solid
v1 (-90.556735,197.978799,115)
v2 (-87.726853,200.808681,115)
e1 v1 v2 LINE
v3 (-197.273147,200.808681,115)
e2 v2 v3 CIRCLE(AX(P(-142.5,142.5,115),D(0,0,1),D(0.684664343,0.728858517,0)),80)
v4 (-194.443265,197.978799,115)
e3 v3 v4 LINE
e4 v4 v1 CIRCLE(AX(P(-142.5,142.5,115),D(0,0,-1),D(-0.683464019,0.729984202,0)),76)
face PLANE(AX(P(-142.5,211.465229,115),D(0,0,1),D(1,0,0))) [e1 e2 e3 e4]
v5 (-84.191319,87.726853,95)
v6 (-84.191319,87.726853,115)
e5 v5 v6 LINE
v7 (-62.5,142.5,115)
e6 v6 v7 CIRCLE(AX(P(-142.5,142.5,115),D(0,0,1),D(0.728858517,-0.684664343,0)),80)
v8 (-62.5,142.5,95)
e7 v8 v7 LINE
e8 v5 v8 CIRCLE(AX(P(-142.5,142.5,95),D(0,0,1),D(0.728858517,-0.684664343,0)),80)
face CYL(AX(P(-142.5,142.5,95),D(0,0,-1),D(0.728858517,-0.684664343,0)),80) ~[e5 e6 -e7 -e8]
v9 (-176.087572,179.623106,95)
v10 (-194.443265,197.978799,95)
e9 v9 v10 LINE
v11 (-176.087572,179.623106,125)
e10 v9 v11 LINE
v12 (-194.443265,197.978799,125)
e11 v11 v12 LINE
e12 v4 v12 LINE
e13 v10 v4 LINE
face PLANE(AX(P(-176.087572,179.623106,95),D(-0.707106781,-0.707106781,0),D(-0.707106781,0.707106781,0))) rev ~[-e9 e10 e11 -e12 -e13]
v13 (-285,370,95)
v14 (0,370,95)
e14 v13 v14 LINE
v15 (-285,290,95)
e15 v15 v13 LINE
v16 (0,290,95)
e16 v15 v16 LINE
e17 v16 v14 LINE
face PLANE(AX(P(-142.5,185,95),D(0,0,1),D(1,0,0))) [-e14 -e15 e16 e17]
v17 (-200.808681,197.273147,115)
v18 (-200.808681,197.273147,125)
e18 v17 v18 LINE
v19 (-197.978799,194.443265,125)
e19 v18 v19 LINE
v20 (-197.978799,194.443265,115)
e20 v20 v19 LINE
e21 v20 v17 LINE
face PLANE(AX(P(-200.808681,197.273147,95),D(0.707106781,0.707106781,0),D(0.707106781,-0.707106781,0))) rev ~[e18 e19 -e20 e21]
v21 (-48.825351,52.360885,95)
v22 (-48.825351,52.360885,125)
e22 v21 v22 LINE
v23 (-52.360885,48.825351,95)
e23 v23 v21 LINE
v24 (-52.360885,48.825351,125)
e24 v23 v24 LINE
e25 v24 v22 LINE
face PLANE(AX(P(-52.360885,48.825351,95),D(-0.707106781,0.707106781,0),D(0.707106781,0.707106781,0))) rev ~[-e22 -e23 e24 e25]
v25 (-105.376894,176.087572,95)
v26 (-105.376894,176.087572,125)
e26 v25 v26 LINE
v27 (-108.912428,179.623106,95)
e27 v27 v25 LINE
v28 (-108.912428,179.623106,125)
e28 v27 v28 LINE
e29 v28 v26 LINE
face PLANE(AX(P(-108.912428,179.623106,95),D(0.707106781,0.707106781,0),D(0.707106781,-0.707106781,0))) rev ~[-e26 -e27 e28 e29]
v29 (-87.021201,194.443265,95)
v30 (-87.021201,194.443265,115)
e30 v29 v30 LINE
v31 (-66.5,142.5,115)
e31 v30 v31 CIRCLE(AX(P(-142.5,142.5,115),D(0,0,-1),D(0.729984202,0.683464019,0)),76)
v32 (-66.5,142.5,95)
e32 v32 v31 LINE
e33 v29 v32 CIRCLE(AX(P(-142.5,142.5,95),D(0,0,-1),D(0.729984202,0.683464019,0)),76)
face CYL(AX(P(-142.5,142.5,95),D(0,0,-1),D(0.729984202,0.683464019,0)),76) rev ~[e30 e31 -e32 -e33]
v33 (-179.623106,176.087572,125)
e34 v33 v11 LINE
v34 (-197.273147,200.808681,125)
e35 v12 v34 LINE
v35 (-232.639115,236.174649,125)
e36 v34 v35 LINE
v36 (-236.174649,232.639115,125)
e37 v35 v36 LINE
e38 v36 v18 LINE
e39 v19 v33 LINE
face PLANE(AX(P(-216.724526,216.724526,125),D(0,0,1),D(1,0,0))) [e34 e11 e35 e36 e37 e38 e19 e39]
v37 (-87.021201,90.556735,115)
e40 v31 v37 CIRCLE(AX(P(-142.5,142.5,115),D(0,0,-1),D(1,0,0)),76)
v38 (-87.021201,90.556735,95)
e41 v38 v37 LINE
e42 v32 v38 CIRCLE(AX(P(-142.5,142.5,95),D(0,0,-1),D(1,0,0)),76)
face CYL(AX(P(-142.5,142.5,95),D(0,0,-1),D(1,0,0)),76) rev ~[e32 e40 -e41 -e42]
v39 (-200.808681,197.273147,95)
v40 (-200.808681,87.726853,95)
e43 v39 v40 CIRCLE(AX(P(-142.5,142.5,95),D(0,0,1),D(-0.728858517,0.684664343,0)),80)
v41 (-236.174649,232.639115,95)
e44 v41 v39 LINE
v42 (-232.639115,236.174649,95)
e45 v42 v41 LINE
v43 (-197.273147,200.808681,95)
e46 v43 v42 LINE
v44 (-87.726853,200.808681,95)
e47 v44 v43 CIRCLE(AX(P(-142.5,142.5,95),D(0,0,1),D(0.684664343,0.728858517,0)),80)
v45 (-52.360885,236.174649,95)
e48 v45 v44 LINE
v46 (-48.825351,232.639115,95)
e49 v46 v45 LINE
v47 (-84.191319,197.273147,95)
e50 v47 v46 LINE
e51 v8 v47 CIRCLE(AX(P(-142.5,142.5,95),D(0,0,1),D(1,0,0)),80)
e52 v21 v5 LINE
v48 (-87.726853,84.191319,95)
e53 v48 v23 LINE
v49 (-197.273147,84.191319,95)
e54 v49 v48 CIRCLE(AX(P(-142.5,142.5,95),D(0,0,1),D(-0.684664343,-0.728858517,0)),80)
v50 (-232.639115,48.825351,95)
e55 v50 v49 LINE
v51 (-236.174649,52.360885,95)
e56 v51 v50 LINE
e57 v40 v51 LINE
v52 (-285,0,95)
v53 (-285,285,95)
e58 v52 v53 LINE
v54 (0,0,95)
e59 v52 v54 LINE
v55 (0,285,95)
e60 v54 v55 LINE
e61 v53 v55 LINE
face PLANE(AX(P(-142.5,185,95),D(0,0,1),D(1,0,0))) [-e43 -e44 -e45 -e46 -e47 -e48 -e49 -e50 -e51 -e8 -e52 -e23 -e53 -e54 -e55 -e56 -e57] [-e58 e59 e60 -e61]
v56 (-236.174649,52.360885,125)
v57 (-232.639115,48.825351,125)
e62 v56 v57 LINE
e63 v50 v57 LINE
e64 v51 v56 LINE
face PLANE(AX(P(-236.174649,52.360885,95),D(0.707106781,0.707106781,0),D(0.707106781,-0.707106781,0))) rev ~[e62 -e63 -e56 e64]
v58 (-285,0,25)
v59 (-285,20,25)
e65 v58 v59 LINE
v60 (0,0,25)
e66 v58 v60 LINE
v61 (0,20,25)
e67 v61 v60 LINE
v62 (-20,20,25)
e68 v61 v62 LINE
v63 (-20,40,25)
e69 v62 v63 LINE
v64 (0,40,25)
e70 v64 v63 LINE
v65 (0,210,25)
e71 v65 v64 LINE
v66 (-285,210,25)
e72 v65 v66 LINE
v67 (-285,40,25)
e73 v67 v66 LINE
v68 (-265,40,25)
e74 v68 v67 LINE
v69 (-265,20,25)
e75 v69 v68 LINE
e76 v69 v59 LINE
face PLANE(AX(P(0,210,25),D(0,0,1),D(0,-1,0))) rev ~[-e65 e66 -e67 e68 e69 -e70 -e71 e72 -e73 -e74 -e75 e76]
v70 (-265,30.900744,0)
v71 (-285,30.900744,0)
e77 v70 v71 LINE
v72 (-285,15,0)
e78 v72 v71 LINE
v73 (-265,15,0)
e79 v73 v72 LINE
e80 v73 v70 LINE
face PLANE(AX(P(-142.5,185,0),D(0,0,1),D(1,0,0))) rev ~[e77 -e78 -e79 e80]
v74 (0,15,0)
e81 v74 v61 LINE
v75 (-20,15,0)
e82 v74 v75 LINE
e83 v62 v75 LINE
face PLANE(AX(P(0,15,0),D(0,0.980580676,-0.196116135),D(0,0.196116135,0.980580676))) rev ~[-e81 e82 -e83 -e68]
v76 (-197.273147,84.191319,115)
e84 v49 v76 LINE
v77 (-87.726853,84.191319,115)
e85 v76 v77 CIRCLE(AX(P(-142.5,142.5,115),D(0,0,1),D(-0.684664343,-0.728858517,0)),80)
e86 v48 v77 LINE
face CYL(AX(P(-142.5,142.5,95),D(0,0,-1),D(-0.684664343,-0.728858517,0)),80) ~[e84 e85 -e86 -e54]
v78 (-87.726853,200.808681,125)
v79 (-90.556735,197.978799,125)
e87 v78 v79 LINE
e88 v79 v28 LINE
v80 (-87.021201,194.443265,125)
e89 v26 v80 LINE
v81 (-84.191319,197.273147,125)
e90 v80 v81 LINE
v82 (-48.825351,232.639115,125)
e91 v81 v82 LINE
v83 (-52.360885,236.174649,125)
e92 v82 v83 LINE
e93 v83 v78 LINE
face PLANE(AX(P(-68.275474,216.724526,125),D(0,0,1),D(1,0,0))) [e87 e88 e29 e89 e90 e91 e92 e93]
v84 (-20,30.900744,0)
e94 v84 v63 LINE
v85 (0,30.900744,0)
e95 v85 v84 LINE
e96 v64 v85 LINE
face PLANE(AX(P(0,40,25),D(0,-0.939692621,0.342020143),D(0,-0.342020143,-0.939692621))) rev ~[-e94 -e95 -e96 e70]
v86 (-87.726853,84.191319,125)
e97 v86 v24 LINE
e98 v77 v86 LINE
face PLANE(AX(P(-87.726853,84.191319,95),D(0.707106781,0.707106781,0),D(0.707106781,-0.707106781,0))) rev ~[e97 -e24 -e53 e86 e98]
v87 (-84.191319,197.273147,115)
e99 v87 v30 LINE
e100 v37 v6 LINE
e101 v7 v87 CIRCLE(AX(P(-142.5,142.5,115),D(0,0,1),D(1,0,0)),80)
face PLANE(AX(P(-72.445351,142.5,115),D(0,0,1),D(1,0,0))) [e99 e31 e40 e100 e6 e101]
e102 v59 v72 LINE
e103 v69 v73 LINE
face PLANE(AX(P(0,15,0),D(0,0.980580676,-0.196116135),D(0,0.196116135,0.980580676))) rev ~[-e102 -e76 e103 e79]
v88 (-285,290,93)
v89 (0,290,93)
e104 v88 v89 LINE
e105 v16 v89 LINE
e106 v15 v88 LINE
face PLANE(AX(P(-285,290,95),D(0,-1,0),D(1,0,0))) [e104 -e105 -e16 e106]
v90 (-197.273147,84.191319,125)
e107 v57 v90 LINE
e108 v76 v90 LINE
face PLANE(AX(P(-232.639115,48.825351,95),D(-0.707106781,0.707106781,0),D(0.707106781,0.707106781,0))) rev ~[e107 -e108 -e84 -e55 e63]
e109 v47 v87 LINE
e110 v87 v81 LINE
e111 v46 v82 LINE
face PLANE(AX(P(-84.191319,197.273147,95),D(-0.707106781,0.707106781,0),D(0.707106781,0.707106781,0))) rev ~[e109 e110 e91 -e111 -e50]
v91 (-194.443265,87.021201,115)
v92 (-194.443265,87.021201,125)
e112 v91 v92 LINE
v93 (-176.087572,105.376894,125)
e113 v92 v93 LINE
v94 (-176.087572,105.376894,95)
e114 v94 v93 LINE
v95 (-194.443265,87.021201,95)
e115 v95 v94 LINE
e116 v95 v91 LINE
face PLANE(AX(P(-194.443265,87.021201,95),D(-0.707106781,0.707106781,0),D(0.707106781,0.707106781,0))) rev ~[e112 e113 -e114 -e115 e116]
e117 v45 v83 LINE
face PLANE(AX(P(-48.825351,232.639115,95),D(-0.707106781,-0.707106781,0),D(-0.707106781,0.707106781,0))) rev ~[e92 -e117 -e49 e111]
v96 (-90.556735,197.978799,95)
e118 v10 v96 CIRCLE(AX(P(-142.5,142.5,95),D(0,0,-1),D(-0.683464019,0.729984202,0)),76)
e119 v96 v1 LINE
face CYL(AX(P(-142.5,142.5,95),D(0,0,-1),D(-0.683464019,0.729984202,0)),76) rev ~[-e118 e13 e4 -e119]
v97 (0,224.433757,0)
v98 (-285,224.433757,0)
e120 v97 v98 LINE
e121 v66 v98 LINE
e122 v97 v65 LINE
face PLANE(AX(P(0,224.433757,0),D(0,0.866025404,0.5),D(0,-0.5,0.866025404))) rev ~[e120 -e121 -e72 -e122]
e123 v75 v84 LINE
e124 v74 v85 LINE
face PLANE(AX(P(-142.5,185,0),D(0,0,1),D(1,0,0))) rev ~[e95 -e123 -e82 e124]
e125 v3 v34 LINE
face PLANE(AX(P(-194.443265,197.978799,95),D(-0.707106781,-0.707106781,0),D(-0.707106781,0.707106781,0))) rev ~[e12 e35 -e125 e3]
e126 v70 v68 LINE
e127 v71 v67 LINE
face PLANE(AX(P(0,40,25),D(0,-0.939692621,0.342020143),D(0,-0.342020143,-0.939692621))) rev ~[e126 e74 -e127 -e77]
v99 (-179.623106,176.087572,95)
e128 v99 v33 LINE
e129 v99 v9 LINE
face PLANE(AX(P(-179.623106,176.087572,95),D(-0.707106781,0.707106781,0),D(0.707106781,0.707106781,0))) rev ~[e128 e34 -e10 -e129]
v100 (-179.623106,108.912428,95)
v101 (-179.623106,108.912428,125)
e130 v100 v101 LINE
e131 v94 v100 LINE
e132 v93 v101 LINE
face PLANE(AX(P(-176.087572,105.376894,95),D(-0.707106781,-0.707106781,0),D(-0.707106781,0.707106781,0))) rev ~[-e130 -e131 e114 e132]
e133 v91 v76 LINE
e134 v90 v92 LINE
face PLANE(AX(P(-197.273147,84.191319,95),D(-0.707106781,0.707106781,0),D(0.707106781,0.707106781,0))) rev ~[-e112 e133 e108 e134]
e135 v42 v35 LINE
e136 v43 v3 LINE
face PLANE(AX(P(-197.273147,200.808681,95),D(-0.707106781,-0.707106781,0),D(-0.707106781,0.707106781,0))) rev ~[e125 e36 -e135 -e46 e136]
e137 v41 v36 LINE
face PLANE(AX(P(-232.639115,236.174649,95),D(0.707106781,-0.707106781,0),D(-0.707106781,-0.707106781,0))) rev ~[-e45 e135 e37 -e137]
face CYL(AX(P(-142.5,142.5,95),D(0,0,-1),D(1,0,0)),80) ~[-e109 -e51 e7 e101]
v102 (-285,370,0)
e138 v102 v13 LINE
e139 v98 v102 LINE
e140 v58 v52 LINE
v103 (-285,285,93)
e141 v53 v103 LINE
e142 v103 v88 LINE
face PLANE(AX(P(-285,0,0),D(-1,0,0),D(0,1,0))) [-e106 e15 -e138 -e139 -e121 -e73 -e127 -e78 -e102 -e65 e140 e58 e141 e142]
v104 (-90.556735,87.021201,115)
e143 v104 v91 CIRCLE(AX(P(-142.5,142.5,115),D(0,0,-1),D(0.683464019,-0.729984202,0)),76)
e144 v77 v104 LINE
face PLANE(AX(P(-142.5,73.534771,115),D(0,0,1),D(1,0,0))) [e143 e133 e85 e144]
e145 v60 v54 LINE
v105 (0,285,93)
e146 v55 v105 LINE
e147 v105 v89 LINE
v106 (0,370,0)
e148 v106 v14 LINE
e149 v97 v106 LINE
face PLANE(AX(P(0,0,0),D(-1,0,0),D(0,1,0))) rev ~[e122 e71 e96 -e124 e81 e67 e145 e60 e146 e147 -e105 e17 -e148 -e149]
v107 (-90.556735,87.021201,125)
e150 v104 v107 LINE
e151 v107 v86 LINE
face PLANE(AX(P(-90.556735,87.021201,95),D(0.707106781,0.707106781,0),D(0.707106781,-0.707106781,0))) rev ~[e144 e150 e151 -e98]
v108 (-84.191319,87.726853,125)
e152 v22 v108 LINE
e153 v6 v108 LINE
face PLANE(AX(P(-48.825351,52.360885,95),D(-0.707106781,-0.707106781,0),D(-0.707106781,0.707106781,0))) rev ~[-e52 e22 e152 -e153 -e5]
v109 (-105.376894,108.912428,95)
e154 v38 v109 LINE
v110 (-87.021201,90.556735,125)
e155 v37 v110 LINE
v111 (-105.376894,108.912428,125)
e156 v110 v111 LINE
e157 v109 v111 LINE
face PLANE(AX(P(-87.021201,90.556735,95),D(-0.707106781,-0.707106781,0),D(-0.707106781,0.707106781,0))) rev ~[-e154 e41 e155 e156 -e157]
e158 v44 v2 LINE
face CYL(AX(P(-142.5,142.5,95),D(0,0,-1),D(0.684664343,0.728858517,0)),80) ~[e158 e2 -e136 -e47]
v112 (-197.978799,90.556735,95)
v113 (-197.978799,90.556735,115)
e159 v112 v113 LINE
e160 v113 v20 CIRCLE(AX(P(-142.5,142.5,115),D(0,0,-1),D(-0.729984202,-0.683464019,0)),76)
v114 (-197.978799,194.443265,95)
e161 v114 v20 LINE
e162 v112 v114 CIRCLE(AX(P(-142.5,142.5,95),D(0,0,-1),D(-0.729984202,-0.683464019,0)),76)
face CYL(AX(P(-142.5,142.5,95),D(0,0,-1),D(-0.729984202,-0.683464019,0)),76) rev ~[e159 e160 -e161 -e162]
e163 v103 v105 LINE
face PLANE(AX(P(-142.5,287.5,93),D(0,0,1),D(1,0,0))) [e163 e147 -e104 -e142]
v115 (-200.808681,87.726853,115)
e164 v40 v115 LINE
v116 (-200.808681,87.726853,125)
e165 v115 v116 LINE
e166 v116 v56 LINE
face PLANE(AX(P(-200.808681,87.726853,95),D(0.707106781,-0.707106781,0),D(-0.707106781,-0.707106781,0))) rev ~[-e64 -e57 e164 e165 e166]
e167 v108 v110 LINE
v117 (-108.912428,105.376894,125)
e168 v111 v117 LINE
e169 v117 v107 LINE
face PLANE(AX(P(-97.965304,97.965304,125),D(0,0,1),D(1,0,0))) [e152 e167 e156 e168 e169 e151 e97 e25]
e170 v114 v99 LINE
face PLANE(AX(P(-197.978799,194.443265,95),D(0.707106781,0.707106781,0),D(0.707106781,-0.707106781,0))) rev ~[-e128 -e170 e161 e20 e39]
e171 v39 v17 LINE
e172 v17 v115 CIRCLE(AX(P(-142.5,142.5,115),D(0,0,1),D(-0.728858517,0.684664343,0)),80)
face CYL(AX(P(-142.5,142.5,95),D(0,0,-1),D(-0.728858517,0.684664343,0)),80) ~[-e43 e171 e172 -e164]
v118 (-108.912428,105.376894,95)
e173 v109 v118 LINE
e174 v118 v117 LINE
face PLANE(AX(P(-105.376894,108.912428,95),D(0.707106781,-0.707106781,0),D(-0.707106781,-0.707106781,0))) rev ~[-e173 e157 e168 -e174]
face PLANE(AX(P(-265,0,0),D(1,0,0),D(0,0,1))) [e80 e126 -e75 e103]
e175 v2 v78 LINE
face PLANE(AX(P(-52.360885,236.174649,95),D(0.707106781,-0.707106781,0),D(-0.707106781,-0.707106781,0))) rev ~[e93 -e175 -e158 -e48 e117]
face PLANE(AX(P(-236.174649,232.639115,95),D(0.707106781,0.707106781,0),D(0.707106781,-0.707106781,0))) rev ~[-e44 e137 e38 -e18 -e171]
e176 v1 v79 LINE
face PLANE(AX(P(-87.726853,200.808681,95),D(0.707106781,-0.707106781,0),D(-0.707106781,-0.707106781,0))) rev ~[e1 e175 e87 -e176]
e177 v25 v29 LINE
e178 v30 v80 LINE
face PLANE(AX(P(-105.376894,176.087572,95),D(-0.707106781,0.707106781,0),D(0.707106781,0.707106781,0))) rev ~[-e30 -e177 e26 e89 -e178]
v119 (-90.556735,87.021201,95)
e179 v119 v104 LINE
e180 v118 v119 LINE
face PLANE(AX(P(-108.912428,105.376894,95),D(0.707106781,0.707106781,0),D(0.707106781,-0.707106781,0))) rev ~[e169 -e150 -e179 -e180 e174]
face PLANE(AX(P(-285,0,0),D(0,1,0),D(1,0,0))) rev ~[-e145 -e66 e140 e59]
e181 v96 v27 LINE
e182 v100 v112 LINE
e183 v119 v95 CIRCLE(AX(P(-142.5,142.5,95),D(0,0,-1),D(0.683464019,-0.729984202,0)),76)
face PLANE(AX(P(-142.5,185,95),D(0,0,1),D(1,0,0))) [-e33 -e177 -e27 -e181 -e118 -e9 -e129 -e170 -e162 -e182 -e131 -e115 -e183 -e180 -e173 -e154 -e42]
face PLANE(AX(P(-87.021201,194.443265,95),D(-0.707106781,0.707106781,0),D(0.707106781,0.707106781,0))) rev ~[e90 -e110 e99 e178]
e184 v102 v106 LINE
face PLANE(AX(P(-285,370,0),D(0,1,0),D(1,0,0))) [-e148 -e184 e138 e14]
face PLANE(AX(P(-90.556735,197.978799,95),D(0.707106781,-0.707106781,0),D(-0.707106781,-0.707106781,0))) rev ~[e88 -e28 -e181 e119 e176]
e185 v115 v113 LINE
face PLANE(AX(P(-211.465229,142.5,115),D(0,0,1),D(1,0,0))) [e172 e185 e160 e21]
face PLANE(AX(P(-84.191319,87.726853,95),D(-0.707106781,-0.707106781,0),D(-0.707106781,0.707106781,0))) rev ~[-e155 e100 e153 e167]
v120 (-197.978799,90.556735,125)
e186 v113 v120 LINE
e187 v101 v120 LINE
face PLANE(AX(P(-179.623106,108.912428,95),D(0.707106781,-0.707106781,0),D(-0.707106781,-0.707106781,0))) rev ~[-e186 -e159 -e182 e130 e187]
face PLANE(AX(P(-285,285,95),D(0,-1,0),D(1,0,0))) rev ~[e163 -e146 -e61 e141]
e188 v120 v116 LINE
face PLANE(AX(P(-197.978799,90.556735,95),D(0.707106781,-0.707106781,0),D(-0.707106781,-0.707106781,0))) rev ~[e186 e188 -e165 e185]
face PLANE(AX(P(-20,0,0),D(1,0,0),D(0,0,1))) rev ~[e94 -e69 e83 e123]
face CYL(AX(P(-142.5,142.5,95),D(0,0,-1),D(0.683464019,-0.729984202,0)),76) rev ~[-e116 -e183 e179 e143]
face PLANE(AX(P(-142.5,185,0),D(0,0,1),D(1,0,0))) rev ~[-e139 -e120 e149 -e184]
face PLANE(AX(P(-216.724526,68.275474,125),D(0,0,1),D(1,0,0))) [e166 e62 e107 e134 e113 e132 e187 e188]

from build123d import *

# Parameters (mm, degrees)
F0_W      = 285
F0_H      = 370
F1_DEPTH  = 95
F2_W      = 285
F2_H      = 5
F3_DEPTH  = 2
F5_DEPTH  = 30
F6_DEPTH  = 20
F8_DEPTH  = 406
F9_W      = 245
F9_H      = 25
F10_DEPTH = 81


with BuildPart() as f1:
    # F0 (on Top) → F1 (new body)
    with BuildSketch(Plane.XY):
        with Locations((-142.5, 185)):
            Rectangle(F0_W, F0_H)
    extrude(amount=F1_DEPTH)

    # F2 (on face) → F3 (cut)
    with BuildSketch(Plane.XY.offset(95)):
        with Locations((-142.5, 287.5)):
            Rectangle(F2_W, F2_H)
    extrude(amount=-F3_DEPTH, mode=Mode.SUBTRACT)

    # F4 (on face) → F5 (join)
    with BuildSketch(Plane.XY.offset(95)):
        with BuildLine():
            Line((-232.6391152703, 48.8253508238), (-197.2731474365, 84.1913186575))
            ThreePointArc((-197.2731474365, 84.1913186575), (-199.0685424949, 85.9314575051), (-200.8086813425, 87.7268525635))
            Line((-200.8086813425, 87.7268525635), (-236.1746491762, 52.3608847297))
            Line((-236.1746491762, 52.3608847297), (-232.6391152703, 48.8253508238))
        make_face()
        with BuildLine():
            ThreePointArc((-200.8086813425, 87.7268525635), (-199.0685424949, 85.9314575051), (-197.2731474365, 84.1913186575))
            Line((-197.2731474365, 84.1913186575), (-194.4432654333, 87.0212006608))
            ThreePointArc((-194.4432654333, 87.0212006608), (-196.2401153702, 88.7598846298), (-197.9787993392, 90.5567345667))
            Line((-197.9787993392, 90.5567345667), (-200.8086813425, 87.7268525635))
        make_face()
        with BuildLine():
            ThreePointArc((-197.9787993392, 90.5567345667), (-196.2401153702, 88.7598846298), (-194.4432654333, 87.0212006608))
            Line((-194.4432654333, 87.0212006608), (-176.0875721064, 105.3768939877))
            Line((-176.0875721064, 105.3768939877), (-179.6231060123, 108.9124278936))
            Line((-179.6231060123, 108.9124278936), (-197.9787993392, 90.5567345667))
        make_face()
        with BuildLine():
            ThreePointArc((-90.5567345667, 87.0212006608), (-88.7598846298, 88.7598846298), (-87.0212006608, 90.5567345667))
            Line((-87.0212006608, 90.5567345667), (-105.3768939877, 108.9124278936))
            Line((-105.3768939877, 108.9124278936), (-108.9124278936, 105.3768939877))
            Line((-108.9124278936, 105.3768939877), (-90.5567345667, 87.0212006608))
        make_face()
        with BuildLine():
            ThreePointArc((-87.7268525635, 84.1913186575), (-85.9314575051, 85.9314575051), (-84.1913186575, 87.7268525635))
            Line((-84.1913186575, 87.7268525635), (-87.0212006608, 90.5567345667))
            ThreePointArc((-87.0212006608, 90.5567345667), (-88.7598846298, 88.7598846298), (-90.5567345667, 87.0212006608))
            Line((-90.5567345667, 87.0212006608), (-87.7268525635, 84.1913186575))
        make_face()
        with BuildLine():
            Line((-48.8253508238, 52.3608847297), (-84.1913186575, 87.7268525635))
            ThreePointArc((-84.1913186575, 87.7268525635), (-85.9314575051, 85.9314575051), (-87.7268525635, 84.1913186575))
            Line((-87.7268525635, 84.1913186575), (-52.3608847297, 48.8253508238))
            Line((-52.3608847297, 48.8253508238), (-48.8253508238, 52.3608847297))
        make_face()
        with BuildLine():
            ThreePointArc((-200.8086813425, 197.2731474365), (-199.0685424949, 199.0685424949), (-197.2731474365, 200.8086813425))
            Line((-197.2731474365, 200.8086813425), (-232.6391152703, 236.1746491762))
            Line((-232.6391152703, 236.1746491762), (-236.1746491762, 232.6391152703))
            Line((-236.1746491762, 232.6391152703), (-200.8086813425, 197.2731474365))
        make_face()
        with BuildLine():
            Line((-194.4432654333, 197.9787993392), (-197.2731474365, 200.8086813425))
            ThreePointArc((-197.2731474365, 200.8086813425), (-199.0685424949, 199.0685424949), (-200.8086813425, 197.2731474365))
            Line((-200.8086813425, 197.2731474365), (-197.9787993392, 194.4432654333))
            ThreePointArc((-197.9787993392, 194.4432654333), (-196.2401153702, 196.2401153702), (-194.4432654333, 197.9787993392))
        make_face()
        with BuildLine():
            Line((-176.0875721064, 179.6231060123), (-194.4432654333, 197.9787993392))
            ThreePointArc((-194.4432654333, 197.9787993392), (-196.2401153702, 196.2401153702), (-197.9787993392, 194.4432654333))
            Line((-197.9787993392, 194.4432654333), (-179.6231060123, 176.0875721064))
            Line((-179.6231060123, 176.0875721064), (-176.0875721064, 179.6231060123))
        make_face()
        with BuildLine():
            ThreePointArc((-87.7268525635, 200.8086813425), (-85.9314575051, 199.0685424949), (-84.1913186575, 197.2731474365))
            Line((-84.1913186575, 197.2731474365), (-48.8253508238, 232.6391152703))
            Line((-48.8253508238, 232.6391152703), (-52.3608847297, 236.1746491762))
            Line((-52.3608847297, 236.1746491762), (-87.7268525635, 200.8086813425))
        make_face()
        with BuildLine():
            Line((-87.0212006608, 194.4432654333), (-84.1913186575, 197.2731474365))
            ThreePointArc((-84.1913186575, 197.2731474365), (-85.9314575051, 199.0685424949), (-87.7268525635, 200.8086813425))
            Line((-87.7268525635, 200.8086813425), (-90.5567345667, 197.9787993392))
            ThreePointArc((-90.5567345667, 197.9787993392), (-88.7598846298, 196.2401153702), (-87.0212006608, 194.4432654333))
        make_face()
        with BuildLine():
            Line((-105.3768939877, 176.0875721064), (-87.0212006608, 194.4432654333))
            ThreePointArc((-87.0212006608, 194.4432654333), (-88.7598846298, 196.2401153702), (-90.5567345667, 197.9787993392))
            Line((-90.5567345667, 197.9787993392), (-108.9124278936, 179.6231060123))
            Line((-108.9124278936, 179.6231060123), (-105.3768939877, 176.0875721064))
        make_face()
    extrude(amount=F5_DEPTH)

    # F4 (on face) → F6 (join)
    with BuildSketch(Plane.XY.offset(95)):
        with BuildLine():
            ThreePointArc((-197.2731474365, 84.1913186575), (-142.5, 62.5), (-87.7268525635, 84.1913186575))
            Line((-87.7268525635, 84.1913186575), (-90.5567345667, 87.0212006608))
            ThreePointArc((-90.5567345667, 87.0212006608), (-142.5, 66.5), (-194.4432654333, 87.0212006608))
            Line((-194.4432654333, 87.0212006608), (-197.2731474365, 84.1913186575))
        make_face()
        with BuildLine():
            Line((-197.9787993392, 194.4432654333), (-200.8086813425, 197.2731474365))
            ThreePointArc((-200.8086813425, 197.2731474365), (-222.5, 142.5), (-200.8086813425, 87.7268525635))
            Line((-200.8086813425, 87.7268525635), (-197.9787993392, 90.5567345667))
            ThreePointArc((-197.9787993392, 90.5567345667), (-218.5, 142.5), (-197.9787993392, 194.4432654333))
        make_face()
        with BuildLine():
            Line((-90.5567345667, 197.9787993392), (-87.7268525635, 200.8086813425))
            ThreePointArc((-87.7268525635, 200.8086813425), (-142.5, 222.5), (-197.2731474365, 200.8086813425))
            Line((-197.2731474365, 200.8086813425), (-194.4432654333, 197.9787993392))
            ThreePointArc((-194.4432654333, 197.9787993392), (-142.5, 218.5), (-90.5567345667, 197.9787993392))
        make_face()
        with BuildLine():
            ThreePointArc((-84.1913186575, 87.7268525635), (-68.1202497067, 113.0440541435), (-62.5, 142.5))
            ThreePointArc((-62.5, 142.5), (-68.1202497067, 171.9559458565), (-84.1913186575, 197.2731474365))
            Line((-84.1913186575, 197.2731474365), (-87.0212006608, 194.4432654333))
            ThreePointArc((-87.0212006608, 194.4432654333), (-71.8162368369, 170.4250000019), (-66.5, 142.5))
            ThreePointArc((-66.5, 142.5), (-71.8162368369, 114.5749999981), (-87.0212006608, 90.5567345667))
            Line((-87.0212006608, 90.5567345667), (-84.1913186575, 87.7268525635))
        make_face()
    extrude(amount=F6_DEPTH)

    # F7 (on face) → F8 (cut)
    with BuildSketch(Plane.YZ):
        Polygon((0, 0), (15, 0), (20, 25), (0, 25), align=None)
        Polygon((40, 25), (30.9007441433, 0), (224.4337567297, 0), (210, 25), align=None)
    extrude(amount=-F8_DEPTH, mode=Mode.SUBTRACT)

    # F9 (on face) → F10 (cut)
    with BuildSketch(Plane.XZ):
        with Locations((-142.5, 12.5)):
            Rectangle(F9_W, F9_H)
    extrude(amount=-F10_DEPTH, mode=Mode.SUBTRACT)


solid = f1.part
